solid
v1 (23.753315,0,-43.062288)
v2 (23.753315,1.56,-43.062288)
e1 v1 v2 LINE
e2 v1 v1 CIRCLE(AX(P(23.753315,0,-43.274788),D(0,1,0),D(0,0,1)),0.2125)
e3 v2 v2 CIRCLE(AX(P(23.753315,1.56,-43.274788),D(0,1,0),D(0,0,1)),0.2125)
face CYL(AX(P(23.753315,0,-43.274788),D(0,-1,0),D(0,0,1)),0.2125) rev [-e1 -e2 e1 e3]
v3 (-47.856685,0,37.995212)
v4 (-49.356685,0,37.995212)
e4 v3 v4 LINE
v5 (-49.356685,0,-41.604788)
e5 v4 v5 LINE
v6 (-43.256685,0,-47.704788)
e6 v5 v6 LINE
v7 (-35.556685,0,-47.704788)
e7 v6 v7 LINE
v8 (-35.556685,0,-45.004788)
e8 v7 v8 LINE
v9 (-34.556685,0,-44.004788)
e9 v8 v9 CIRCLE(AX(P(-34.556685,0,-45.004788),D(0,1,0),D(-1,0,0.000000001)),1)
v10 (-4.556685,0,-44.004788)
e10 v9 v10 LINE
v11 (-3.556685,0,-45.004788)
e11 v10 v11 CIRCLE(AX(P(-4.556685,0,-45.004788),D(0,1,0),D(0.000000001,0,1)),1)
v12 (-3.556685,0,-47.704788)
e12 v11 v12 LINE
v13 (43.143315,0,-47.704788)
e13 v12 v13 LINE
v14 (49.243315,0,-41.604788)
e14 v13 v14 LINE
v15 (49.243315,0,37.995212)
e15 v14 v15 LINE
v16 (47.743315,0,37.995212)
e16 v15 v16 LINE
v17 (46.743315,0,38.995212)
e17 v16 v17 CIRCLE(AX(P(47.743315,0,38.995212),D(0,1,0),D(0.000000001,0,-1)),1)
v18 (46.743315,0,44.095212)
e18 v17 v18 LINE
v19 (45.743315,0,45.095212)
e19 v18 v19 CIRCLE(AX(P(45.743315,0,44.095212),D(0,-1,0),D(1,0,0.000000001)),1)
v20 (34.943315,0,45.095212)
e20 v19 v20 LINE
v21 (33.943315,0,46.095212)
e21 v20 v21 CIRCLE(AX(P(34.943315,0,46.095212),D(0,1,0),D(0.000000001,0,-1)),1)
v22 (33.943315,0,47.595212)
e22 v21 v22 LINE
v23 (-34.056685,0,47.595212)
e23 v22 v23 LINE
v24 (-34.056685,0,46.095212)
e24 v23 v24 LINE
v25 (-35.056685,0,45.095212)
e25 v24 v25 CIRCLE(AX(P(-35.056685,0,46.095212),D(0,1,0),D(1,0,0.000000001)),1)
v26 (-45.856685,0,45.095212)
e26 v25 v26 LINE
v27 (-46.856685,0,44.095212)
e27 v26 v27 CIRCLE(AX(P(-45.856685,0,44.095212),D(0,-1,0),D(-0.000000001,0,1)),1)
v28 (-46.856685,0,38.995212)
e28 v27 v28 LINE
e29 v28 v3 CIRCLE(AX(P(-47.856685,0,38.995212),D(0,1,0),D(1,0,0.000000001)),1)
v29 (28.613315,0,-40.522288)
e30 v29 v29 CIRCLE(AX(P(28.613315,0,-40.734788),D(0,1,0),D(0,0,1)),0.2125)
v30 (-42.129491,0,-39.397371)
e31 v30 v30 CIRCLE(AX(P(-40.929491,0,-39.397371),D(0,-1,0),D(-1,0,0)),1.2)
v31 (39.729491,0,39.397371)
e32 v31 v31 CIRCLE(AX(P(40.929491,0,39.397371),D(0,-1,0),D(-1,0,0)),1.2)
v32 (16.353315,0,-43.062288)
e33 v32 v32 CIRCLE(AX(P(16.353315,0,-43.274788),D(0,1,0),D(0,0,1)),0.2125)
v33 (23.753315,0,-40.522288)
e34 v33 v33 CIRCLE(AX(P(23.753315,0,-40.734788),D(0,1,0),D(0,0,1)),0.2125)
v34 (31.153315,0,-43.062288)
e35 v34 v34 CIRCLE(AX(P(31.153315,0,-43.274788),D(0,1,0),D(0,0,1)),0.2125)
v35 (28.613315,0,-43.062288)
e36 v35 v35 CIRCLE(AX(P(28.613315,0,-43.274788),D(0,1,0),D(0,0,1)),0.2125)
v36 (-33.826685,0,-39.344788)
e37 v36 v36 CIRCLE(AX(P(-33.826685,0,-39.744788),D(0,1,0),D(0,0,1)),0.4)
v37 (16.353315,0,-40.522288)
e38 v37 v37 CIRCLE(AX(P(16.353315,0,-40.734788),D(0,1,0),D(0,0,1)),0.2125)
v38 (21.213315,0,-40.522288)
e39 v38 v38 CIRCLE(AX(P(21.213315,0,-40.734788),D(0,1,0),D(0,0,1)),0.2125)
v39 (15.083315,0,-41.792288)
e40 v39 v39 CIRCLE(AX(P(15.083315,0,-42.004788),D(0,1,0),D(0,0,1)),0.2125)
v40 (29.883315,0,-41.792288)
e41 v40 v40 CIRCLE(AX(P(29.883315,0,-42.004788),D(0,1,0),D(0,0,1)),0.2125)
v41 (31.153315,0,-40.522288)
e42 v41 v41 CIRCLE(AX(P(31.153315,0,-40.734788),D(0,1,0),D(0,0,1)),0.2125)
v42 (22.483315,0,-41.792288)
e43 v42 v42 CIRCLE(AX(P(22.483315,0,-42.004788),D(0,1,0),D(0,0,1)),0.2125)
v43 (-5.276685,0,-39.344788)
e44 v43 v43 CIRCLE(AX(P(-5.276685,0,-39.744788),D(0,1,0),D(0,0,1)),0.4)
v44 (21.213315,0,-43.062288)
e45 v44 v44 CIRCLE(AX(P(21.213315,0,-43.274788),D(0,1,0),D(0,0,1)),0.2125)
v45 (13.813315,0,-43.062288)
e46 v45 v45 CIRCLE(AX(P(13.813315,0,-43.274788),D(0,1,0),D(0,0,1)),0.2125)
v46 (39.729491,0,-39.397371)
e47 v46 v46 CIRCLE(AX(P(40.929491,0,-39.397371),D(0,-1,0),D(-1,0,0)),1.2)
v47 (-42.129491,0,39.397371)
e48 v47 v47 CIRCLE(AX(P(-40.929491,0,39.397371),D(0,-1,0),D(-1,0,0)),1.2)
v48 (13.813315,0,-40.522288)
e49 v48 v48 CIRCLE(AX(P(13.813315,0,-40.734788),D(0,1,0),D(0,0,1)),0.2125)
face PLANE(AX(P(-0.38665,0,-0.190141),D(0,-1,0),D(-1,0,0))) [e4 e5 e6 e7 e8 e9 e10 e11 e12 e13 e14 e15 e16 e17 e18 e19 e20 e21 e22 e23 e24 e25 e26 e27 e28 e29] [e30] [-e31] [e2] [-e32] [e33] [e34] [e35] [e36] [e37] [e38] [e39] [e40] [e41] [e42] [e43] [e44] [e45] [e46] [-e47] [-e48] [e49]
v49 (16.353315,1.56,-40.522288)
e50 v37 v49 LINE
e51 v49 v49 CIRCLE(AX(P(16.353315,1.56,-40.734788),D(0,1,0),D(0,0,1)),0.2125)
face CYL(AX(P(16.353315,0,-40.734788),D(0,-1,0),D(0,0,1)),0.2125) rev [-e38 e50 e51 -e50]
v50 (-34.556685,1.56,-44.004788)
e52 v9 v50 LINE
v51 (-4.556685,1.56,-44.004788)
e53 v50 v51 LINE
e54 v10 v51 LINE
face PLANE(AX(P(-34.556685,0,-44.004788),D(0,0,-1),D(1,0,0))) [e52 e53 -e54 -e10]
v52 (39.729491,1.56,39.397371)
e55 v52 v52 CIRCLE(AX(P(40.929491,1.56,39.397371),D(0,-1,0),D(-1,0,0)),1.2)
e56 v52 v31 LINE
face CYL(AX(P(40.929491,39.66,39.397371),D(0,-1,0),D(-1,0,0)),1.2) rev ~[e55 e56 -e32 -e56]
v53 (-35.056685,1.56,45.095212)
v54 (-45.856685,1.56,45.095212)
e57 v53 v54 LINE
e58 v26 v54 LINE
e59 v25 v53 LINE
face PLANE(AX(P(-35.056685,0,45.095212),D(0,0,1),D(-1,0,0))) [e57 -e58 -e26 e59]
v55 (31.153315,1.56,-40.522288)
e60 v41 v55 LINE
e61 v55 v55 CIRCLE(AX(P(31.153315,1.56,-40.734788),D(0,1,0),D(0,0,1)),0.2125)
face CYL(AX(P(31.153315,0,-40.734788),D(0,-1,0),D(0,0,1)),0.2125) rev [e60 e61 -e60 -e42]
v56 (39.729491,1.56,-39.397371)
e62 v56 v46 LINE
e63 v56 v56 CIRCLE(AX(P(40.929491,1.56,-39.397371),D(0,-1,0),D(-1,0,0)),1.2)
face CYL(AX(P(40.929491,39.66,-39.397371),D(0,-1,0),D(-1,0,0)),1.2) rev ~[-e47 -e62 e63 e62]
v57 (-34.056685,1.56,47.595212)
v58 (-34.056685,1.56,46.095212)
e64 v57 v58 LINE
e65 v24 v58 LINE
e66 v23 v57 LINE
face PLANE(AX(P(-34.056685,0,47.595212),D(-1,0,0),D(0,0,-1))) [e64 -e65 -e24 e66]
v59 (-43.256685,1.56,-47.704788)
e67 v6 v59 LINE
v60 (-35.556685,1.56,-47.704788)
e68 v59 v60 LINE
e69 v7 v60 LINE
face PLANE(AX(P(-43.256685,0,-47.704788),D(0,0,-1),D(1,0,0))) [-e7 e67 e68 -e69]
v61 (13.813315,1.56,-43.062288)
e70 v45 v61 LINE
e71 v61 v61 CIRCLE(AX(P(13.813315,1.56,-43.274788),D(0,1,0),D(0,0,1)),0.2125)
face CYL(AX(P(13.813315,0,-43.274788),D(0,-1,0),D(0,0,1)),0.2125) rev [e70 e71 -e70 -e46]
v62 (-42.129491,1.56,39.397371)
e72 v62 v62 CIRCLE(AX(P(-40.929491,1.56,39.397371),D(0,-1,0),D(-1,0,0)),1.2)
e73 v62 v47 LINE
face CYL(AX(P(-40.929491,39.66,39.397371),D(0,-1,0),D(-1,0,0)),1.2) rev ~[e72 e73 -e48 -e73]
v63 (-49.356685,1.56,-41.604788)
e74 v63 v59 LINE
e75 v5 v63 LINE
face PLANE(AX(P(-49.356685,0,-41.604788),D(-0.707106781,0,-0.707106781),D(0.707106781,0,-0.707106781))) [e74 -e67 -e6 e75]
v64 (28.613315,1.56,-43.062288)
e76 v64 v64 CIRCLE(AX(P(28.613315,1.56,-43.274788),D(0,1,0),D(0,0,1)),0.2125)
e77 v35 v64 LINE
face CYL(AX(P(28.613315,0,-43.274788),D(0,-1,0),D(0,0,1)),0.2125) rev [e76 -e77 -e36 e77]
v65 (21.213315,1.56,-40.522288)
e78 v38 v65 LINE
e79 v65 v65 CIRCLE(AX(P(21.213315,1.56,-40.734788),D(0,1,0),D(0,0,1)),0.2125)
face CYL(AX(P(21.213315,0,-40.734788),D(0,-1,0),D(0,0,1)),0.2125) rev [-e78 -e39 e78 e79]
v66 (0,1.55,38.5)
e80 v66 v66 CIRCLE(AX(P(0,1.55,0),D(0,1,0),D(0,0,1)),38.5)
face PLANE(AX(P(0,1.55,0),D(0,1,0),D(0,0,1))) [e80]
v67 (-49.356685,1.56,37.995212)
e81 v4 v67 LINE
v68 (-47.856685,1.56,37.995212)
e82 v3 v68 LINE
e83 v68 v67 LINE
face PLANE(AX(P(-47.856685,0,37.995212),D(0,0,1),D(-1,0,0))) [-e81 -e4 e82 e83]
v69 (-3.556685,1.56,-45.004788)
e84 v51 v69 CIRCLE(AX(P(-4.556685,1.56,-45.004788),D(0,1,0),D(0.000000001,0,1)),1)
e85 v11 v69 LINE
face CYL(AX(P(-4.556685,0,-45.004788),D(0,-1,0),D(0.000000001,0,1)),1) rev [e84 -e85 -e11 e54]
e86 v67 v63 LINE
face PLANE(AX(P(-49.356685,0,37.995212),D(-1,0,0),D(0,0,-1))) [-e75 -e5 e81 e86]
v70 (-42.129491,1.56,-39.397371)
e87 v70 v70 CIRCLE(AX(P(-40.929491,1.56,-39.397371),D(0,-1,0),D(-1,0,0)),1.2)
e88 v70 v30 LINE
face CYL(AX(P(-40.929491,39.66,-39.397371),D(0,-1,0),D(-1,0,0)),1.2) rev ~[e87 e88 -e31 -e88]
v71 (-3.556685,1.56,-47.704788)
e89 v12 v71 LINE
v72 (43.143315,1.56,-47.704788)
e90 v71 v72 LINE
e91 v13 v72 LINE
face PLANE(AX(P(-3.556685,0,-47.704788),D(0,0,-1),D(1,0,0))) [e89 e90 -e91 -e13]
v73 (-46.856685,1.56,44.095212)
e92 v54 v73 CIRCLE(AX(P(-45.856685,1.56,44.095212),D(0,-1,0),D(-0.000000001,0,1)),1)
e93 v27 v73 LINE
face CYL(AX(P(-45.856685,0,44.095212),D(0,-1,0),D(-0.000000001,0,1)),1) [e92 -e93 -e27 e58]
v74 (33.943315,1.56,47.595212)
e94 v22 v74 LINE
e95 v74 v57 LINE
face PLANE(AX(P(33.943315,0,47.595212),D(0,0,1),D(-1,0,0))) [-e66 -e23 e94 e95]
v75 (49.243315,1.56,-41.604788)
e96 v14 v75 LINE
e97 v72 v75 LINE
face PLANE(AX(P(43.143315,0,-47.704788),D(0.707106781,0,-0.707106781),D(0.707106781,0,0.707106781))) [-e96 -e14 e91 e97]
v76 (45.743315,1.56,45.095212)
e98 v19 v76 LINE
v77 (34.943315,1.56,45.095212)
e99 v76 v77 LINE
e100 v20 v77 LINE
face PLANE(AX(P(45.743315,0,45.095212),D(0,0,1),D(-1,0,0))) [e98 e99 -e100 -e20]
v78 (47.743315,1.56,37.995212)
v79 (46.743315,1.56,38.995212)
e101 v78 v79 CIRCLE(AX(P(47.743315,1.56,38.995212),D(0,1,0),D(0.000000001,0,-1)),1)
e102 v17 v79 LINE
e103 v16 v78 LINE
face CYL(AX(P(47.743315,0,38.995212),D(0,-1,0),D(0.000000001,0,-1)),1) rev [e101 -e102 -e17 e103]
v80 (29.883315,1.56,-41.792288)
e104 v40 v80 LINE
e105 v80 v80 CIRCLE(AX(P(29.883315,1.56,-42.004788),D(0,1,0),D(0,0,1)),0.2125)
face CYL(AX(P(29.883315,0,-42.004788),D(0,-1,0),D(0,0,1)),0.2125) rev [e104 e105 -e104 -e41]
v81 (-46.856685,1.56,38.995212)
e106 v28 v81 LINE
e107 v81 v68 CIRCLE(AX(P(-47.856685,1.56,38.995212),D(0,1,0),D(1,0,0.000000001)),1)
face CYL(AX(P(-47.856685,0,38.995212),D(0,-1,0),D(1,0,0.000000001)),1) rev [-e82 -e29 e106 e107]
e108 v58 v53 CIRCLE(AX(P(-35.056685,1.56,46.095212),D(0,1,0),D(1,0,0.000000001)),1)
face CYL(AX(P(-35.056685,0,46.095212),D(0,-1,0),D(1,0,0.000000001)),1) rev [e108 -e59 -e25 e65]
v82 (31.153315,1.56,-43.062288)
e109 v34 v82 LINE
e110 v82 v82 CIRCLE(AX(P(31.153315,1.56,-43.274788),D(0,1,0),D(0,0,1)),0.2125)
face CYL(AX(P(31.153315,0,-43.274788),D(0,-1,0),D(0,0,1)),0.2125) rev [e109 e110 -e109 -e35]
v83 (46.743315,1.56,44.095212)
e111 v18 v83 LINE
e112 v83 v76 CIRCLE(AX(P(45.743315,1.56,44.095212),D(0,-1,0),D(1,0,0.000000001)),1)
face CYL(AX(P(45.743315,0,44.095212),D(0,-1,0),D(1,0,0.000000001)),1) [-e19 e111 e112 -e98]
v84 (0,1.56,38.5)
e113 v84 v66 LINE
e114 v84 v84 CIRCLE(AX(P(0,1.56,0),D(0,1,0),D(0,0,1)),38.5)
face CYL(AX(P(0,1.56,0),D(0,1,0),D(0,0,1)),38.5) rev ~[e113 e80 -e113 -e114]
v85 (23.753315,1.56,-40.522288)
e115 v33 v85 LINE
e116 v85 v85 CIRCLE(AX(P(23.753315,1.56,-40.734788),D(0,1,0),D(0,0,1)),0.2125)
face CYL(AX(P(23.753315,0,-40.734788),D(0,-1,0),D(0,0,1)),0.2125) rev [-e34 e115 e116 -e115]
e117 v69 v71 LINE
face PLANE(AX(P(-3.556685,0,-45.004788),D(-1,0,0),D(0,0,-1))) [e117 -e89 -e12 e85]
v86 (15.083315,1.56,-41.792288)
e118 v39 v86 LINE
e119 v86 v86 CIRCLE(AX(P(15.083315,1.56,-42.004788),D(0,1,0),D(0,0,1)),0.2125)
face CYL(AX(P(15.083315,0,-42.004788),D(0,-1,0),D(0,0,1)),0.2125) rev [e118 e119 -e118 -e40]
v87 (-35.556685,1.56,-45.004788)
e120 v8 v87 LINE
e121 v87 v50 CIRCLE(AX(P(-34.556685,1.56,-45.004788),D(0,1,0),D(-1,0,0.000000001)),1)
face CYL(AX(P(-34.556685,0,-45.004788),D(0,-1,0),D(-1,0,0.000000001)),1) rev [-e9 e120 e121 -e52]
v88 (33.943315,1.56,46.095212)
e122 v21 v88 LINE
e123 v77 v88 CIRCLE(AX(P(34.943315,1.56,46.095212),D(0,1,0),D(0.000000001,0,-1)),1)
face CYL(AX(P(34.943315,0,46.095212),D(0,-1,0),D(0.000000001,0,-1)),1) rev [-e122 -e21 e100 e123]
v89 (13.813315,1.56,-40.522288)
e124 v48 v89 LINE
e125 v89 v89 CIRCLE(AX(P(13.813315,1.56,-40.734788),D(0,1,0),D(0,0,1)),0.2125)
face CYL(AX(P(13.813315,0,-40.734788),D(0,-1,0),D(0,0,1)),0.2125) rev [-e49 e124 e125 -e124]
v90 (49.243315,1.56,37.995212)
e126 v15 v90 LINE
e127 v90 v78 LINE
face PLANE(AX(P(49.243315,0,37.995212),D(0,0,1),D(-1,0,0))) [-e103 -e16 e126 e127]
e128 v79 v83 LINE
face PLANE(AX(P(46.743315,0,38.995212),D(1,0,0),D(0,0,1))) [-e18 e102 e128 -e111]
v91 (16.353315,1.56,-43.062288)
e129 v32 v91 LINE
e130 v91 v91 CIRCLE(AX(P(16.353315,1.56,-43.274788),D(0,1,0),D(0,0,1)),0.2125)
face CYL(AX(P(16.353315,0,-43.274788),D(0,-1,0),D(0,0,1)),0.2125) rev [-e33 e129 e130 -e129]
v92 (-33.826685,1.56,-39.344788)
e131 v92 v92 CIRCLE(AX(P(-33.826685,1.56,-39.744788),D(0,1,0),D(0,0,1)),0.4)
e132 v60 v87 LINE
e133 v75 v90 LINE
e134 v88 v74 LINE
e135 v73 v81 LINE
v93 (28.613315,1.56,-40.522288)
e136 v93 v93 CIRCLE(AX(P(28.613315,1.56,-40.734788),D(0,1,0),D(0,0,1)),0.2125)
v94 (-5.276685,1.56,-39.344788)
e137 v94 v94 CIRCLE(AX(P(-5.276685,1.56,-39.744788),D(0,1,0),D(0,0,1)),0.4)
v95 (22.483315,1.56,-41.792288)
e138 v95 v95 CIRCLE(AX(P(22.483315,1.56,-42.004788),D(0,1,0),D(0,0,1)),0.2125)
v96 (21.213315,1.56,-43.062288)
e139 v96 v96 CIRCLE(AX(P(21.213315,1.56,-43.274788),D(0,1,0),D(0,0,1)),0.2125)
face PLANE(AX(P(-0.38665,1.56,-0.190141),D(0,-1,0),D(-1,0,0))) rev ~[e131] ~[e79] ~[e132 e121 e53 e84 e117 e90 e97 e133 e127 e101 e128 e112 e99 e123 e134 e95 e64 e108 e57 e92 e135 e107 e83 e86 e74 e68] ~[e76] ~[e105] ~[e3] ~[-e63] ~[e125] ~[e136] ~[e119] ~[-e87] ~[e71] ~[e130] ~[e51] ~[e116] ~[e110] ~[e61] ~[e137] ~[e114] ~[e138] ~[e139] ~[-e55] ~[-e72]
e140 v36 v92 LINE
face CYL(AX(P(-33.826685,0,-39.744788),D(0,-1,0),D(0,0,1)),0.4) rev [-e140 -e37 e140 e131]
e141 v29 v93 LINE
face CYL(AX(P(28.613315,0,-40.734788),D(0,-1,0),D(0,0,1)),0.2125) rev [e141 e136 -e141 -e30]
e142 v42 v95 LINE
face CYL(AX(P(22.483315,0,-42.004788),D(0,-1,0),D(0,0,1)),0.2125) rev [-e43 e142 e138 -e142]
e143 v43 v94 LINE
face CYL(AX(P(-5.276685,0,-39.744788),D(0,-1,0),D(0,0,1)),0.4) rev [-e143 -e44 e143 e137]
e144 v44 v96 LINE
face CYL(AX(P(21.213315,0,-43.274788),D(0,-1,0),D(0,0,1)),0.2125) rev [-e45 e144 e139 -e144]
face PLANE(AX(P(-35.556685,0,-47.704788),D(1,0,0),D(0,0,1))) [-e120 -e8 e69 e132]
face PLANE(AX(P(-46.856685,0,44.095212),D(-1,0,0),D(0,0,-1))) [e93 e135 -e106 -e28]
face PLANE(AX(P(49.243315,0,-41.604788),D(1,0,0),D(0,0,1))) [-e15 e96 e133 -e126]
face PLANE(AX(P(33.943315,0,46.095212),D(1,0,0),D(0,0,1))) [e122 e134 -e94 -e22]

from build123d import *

# Parameters (mm, degrees)
SKETCH1_R                = 0.4
SKETCH1_R_2              = 0.2125
BOSS_EXTRUDE1_DEPTH      = 1.56
SKETCH2_R                = 38.5
CUT_EXTRUDE1_DEPTH       = 0.01
M2_CLEARANCE_HOLE2_D     = 2.4
M2_CLEARANCE_HOLE2_DEPTH = 38.1
M2_CLEARANCE_HOLE2_TIP   = 0.721032743


with BuildPart() as part:
    # Sketch1 → Boss-Extrude1 (new body)
    with BuildSketch(Plane(origin=(0, 0, 0), x_dir=(1, 0, 0), z_dir=(0, 1, 0))):
        with BuildLine():
            Line((-49.356685196, 41.604788024), (-43.256685196, 47.704788024))
            Line((-43.256685196, 47.704788024), (-35.556685196, 47.704788024))
            Line((-35.556685196, 47.704788024), (-35.556685196, 45.004788024))
            ThreePointArc((-35.556685196, 45.004788024), (-35.263791977, 44.297681243), (-34.556685196, 44.004788024))
            Line((-34.556685196, 44.004788024), (-4.556685196, 44.004788024))
            ThreePointArc((-4.556685196, 44.004788024), (-3.849578415, 44.297681243), (-3.556685196, 45.004788024))
            Line((-3.556685196, 45.004788024), (-3.556685196, 47.704788024))
            Line((-3.556685196, 47.704788024), (43.143314804, 47.704788024))
            Line((43.143314804, 47.704788024), (49.243314804, 41.604788024))
            Line((49.243314804, 41.604788024), (49.243314804, -37.995211976))
            Line((49.243314804, -37.995211976), (47.743314804, -37.995211976))
            ThreePointArc((47.743314804, -37.995211976), (47.036208023, -38.288105194), (46.743314804, -38.995211976))
            Line((46.743314804, -38.995211976), (46.743314804, -44.095211976))
            ThreePointArc((46.743314804, -44.095211976), (46.450421585, -44.802318757), (45.743314804, -45.095211976))
            Line((45.743314804, -45.095211976), (34.943314804, -45.095211976))
            ThreePointArc((34.943314804, -45.095211976), (34.236208023, -45.388105194), (33.943314804, -46.095211976))
            Line((33.943314804, -46.095211976), (33.943314804, -47.595211976))
            Line((33.943314804, -47.595211976), (-34.056685196, -47.595211976))
            Line((-34.056685196, -47.595211976), (-34.056685196, -46.095211976))
            ThreePointArc((-34.056685196, -46.095211976), (-34.349578415, -45.388105194), (-35.056685196, -45.095211976))
            Line((-35.056685196, -45.095211976), (-45.856685196, -45.095211976))
            ThreePointArc((-45.856685196, -45.095211976), (-46.563791977, -44.802318757), (-46.856685196, -44.095211976))
            Line((-46.856685196, -44.095211976), (-46.856685196, -38.995211976))
            ThreePointArc((-46.856685196, -38.995211976), (-47.149578415, -38.288105194), (-47.856685196, -37.995211976))
            Line((-47.856685196, -37.995211976), (-49.356685196, -37.995211976))
            Line((-49.356685196, -37.995211976), (-49.356685196, 41.604788024))
        make_face()
        with Locations(Location((-33.826685196, 39.744788024, 0), (0, 0, 270))):
            Circle(SKETCH1_R, mode=Mode.SUBTRACT)
        with Locations(Location((-5.276685196, 39.744788024, 0), (0, 0, 270))):
            Circle(SKETCH1_R, mode=Mode.SUBTRACT)
        with Locations(Location((29.883314804, 42.004788024, 0), (0, 0, 270))):
            Circle(SKETCH1_R_2, mode=Mode.SUBTRACT)
        with Locations(Location((28.613314804, 43.274788024, 0), (0, 0, 270))):
            Circle(SKETCH1_R_2, mode=Mode.SUBTRACT)
        with Locations(Location((31.153314804, 43.274788024, 0), (0, 0, 270))):
            Circle(SKETCH1_R_2, mode=Mode.SUBTRACT)
        with Locations(Location((31.153314804, 40.734788024, 0), (0, 0, 270))):
            Circle(SKETCH1_R_2, mode=Mode.SUBTRACT)
        with Locations(Location((28.613314804, 40.734788024, 0), (0, 0, 270))):
            Circle(SKETCH1_R_2, mode=Mode.SUBTRACT)
        with Locations(Location((22.483314804, 42.004788024, 0), (0, 0, 270))):
            Circle(SKETCH1_R_2, mode=Mode.SUBTRACT)
        with Locations(Location((21.213314804, 43.274788024, 0), (0, 0, 270))):
            Circle(SKETCH1_R_2, mode=Mode.SUBTRACT)
        with Locations(Location((23.753314804, 43.274788024, 0), (0, 0, 270))):
            Circle(SKETCH1_R_2, mode=Mode.SUBTRACT)
        with Locations(Location((23.753314804, 40.734788024, 0), (0, 0, 270))):
            Circle(SKETCH1_R_2, mode=Mode.SUBTRACT)
        with Locations(Location((21.213314804, 40.734788024, 0), (0, 0, 270))):
            Circle(SKETCH1_R_2, mode=Mode.SUBTRACT)
        with Locations(Location((15.083314804, 42.004788024, 0), (0, 0, 270))):
            Circle(SKETCH1_R_2, mode=Mode.SUBTRACT)
        with Locations(Location((13.813314804, 43.274788024, 0), (0, 0, 270))):
            Circle(SKETCH1_R_2, mode=Mode.SUBTRACT)
        with Locations(Location((16.353314804, 43.274788024, 0), (0, 0, 270))):
            Circle(SKETCH1_R_2, mode=Mode.SUBTRACT)
        with Locations(Location((16.353314804, 40.734788024, 0), (0, 0, 270))):
            Circle(SKETCH1_R_2, mode=Mode.SUBTRACT)
        with Locations(Location((13.813314804, 40.734788024, 0), (0, 0, 270))):
            Circle(SKETCH1_R_2, mode=Mode.SUBTRACT)
    extrude(amount=BOSS_EXTRUDE1_DEPTH)

    # Sketch2 → Cut-Extrude1 (cut)
    with BuildSketch(Plane(origin=(0, 1.56, 0), x_dir=(1, 0, 0), z_dir=(0, 1, 0))):
        with Locations(Location((0, 0, 0), (0, 0, 270))):
            Circle(SKETCH2_R)
    extrude(amount=-CUT_EXTRUDE1_DEPTH, mode=Mode.SUBTRACT)

    # M2 Clearance Hole2
    with Locations(Plane(origin=(0, 1.56, 0), x_dir=(1, 0, 0), z_dir=(0, 1, 0))):
        with Locations((-40.929491149, 39.39737116), (40.929491149, 39.39737116), (40.929491149, -39.39737116), (-40.929491149, -39.39737116)):
            Hole(M2_CLEARANCE_HOLE2_D / 2, depth=M2_CLEARANCE_HOLE2_DEPTH)
            with Locations((0, 0, -(M2_CLEARANCE_HOLE2_DEPTH + M2_CLEARANCE_HOLE2_TIP / 2))):  # 118° drill point
                Cone(0, M2_CLEARANCE_HOLE2_D / 2, M2_CLEARANCE_HOLE2_TIP, mode=Mode.SUBTRACT)


solid = part.part
